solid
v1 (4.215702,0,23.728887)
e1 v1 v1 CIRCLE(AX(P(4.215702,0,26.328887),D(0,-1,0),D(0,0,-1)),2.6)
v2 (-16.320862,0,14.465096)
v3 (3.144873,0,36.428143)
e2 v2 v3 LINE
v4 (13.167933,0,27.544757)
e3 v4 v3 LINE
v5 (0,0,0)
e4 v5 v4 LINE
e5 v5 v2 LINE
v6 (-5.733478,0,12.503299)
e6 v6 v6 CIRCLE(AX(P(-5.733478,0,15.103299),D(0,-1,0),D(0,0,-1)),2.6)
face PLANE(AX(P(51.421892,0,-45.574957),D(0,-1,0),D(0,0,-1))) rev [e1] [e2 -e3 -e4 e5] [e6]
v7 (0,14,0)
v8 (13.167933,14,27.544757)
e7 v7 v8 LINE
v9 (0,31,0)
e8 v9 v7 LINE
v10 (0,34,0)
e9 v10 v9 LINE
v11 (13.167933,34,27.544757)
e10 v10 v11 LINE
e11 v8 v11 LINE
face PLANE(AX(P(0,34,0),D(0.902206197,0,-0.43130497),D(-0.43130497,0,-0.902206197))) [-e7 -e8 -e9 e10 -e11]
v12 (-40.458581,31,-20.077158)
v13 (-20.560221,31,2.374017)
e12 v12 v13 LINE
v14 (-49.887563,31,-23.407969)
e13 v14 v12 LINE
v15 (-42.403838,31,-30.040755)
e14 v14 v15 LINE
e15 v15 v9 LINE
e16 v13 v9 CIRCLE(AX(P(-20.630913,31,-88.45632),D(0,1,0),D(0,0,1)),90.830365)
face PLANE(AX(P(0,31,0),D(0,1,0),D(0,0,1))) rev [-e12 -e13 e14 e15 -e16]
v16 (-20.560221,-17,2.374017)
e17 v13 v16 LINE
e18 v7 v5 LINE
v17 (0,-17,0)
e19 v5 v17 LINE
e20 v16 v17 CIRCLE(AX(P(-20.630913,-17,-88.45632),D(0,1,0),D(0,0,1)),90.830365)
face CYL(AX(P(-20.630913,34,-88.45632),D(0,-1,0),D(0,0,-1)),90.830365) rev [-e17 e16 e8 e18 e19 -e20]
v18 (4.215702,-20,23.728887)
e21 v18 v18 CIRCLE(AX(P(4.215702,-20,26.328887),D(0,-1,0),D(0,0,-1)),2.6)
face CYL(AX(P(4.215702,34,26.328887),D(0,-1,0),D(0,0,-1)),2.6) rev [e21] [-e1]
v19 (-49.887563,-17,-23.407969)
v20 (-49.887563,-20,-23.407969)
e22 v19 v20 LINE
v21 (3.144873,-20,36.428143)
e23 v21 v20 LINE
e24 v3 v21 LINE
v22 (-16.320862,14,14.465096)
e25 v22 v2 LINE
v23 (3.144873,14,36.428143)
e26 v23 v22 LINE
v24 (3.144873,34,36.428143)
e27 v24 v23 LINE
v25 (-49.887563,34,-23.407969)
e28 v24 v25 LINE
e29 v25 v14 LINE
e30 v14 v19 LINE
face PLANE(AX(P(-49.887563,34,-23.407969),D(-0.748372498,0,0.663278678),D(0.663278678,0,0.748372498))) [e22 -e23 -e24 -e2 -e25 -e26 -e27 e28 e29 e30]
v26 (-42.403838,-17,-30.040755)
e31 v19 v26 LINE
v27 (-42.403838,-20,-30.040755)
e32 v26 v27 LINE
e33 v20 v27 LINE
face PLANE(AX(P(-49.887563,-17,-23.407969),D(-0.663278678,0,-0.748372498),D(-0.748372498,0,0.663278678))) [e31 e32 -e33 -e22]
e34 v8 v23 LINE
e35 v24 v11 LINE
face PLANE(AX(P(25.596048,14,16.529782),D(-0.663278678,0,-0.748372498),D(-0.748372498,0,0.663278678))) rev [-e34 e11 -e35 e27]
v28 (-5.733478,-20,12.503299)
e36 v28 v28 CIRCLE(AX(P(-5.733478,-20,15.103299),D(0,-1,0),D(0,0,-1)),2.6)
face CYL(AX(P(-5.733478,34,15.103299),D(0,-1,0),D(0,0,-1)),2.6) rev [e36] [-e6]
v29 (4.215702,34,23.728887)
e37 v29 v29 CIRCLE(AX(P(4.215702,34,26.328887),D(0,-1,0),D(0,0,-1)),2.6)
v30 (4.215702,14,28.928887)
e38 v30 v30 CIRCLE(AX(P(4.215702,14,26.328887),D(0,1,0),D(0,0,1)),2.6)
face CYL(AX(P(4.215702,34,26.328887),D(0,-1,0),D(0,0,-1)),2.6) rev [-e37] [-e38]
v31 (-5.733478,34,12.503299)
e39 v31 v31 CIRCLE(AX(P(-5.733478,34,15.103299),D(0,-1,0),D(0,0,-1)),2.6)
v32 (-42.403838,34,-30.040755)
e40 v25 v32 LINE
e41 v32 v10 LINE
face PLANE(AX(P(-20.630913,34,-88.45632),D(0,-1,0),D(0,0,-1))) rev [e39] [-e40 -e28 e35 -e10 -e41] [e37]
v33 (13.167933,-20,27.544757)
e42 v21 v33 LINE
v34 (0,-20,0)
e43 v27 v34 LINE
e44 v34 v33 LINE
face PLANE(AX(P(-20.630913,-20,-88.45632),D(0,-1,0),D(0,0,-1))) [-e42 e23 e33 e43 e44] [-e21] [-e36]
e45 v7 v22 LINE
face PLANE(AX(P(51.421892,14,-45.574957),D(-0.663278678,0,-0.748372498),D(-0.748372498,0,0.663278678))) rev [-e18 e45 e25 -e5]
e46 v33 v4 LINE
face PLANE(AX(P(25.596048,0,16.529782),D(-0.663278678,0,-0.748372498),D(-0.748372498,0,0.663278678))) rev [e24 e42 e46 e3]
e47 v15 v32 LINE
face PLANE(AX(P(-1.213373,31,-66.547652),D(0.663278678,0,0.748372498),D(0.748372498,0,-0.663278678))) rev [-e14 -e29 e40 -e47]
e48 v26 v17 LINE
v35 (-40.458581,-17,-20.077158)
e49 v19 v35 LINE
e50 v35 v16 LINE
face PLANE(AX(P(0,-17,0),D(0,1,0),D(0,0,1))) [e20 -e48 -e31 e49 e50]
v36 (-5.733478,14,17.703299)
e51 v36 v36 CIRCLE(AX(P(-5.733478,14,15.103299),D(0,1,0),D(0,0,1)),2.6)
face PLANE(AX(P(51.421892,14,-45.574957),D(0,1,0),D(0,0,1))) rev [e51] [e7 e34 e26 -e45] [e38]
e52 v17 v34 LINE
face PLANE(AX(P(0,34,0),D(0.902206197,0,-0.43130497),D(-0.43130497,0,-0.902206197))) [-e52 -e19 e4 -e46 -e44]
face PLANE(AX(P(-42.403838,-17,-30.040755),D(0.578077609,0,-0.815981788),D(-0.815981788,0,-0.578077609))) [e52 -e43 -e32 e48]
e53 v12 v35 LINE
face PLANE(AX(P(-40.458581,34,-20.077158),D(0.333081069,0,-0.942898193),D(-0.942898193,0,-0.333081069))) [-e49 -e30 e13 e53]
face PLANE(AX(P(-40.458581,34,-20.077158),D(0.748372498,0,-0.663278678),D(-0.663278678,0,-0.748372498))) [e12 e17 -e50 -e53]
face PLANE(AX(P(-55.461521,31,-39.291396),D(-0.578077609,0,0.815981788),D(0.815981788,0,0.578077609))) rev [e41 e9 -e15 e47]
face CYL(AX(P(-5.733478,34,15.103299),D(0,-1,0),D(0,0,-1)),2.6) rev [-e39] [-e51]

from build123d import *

# Parameters (mm, degrees)
BOSS_EXTRUDE1_DEPTH      = 14
SKETCH3_R                = 4.125
CUT_EXTRUDE1_DEPTH       = 6
SKETCH5_R                = 1.125
CUT_EXTRUDE2_DEPTH       = 15
FILLET1_R                = 1
BOSS_EXTRUDE3_DEPTH      = 20
BOSS_EXTRUDE3_DEPTH_BACK = 34
SKETCH7_W                = 46.707438453
SKETCH7_H                = 20
CUT_EXTRUDE3_DEPTH       = 30
BOSS_EXTRUDE4_DEPTH      = 3
BOSS_EXTRUDE5_START      = -54
BOSS_EXTRUDE5_DEPTH      = 3
CUT_EXTRUDE5_REACH       = 111.564
SKETCH15_W               = 26.880557743
SKETCH15_H               = 40.856784115
CUT_EXTRUDE6_REACH       = 113.249
SKETCH16_R               = 1.6
CUT_EXTRUDE7_DEPTH       = 108.082055537
CUT_EXTRUDE7_DEPTH_BACK  = 108.082055537
SKETCH19_W               = 109.652108874
SKETCH19_H               = 14
SKETCH21_W               = 96.727229551
SKETCH21_H               = 14
CUT_EXTRUDE8_DEPTH       = 79.38857666
SKETCH22_R               = 2.6
CUT_EXTRUDE9_DEPTH       = 83.047416404


with BuildPart() as part:
    # Sketch1 → Boss-Extrude1 (new body)
    with BuildSketch(Plane(origin=(0, 0, 0), x_dir=(1, 0, 0), z_dir=(0, 1, 0))):
        with BuildLine():
            Line((47.5, -78.442713945), (47.5, -38.442713945))
            ThreePointArc((47.5, -38.442713945), (23.122023742, 0), (47.5, 38.442713945))
            Line((47.5, 38.442713945), (47.5, 50))
            Line((47.5, 50), (42.5, 50))
            Line((42.5, 50), (0, 0))
            Line((0, 0), (35.1, -73.422380253))
            Line((35.1, -73.422380253), (35.1, -93.442713945))
            Line((35.1, -93.442713945), (37.5, -93.442713945))
            Line((37.5, -93.442713945), (47.5, -93.442713945))
            Line((47.5, -93.442713945), (47.5, -78.442713945))
        make_face()
    extrude(amount=BOSS_EXTRUDE1_DEPTH)

    # Sketch3 → Cut-Extrude1 (cut)
    with BuildSketch(Plane.XZ):
        with BuildLine():
            Line((33.254958794, 84.403112572), (36.18509612, 92.428977457))
            Line((36.18509612, 92.428977457), (44.88509612, 92.428977457))
            Line((44.88509612, 92.428977457), (46.13509612, 88.028977457))
            Line((46.13509612, 88.028977457), (46.13509612, 70.028977457))
            Line((46.13509612, 70.028977457), (44.820911197, 53.062159312))
            ThreePointArc((44.820911197, 53.062159312), (40.059955227, 48.679043991), (35.34566343, 53.112310791))
            Line((35.34566343, 53.112310791), (33.254958794, 84.403112572))
        make_face()
        with Locations(Location((40.08509612, 83.428977457, 0), (0, 0, 90))):
            Circle(SKETCH3_R, mode=Mode.SUBTRACT)
    extrude(amount=-CUT_EXTRUDE1_DEPTH, mode=Mode.SUBTRACT)

    # Sketch5 → Cut-Extrude2 (cut)
    with BuildSketch(Plane.XZ.offset(-6)):
        with Locations(Location((40.08509612, 63.428977457, 0), (0, 0, 270))):
            Circle(SKETCH5_R)
        with Locations(Location((40.08509612, 58.928977457, 0), (0, 0, 270))):
            Circle(SKETCH5_R)
        with Locations(Location((40.08509612, 53.428977457, 0), (0, 0, 270))):
            Circle(SKETCH5_R)
    extrude(amount=-CUT_EXTRUDE2_DEPTH, mode=Mode.SUBTRACT)

    # Fillet1
    fillet1_edges = [part.edges().sort_by_distance(p)[0] for p in [
        (21.25, 0, -25),
        (45, 0, -50),
        (47.5, 0, -44.221356973),
        (23.122023742, 14, 0),
        (23.122023742, 0, 0),
        (47.5, 0, 65.942713945),
        (47.5, 14, -44.221356973),
        (42.5, 7, -50),
        (47.5, 7, -50),
        (47.5, 7, -38.442713945),
        (47.5, 7, 38.442713945),
        (45, 14, -50),
        (21.25, 14, -25),
        (47.5, 14, 65.942713945),
    ]]
    fillet(fillet1_edges, radius=FILLET1_R)

    # Sketch6 → Boss-Extrude3 (add, two sides: drawn at the far end of the back side and taken through both)
    with BuildSketch(Plane.XZ.offset(-BOSS_EXTRUDE3_DEPTH_BACK)):
        with BuildLine():
            Line((-40.458581161, -20.077158004), (-49.887563088, -23.407968691))
            Line((-49.887563088, -23.407968691), (34.124921356, 71.382705183))
            Line((34.124921356, 71.382705183), (0, 0))
            ThreePointArc((0, 0), (-10.212270894, 1.77453397), (-20.560220827, 2.374016932))
            Line((-20.560220827, 2.374016932), (-40.458581161, -20.077158004))
        make_face()
    extrude(amount=BOSS_EXTRUDE3_DEPTH + BOSS_EXTRUDE3_DEPTH_BACK)

    # Sketch7 → Cut-Extrude3 (cut)
    with BuildSketch(Plane(origin=(-16.32086192, 0, 14.465095586), x_dir=(0.6632786778078259, 0, 0.7483724978682089), z_dir=(-0.7483724978682089, 0, 0.6632786778078259))):
        with Locations((52.701466874, 24)):
            Rectangle(SKETCH7_W, SKETCH7_H)
        with Locations((52.701466874, -10)):
            Rectangle(SKETCH7_W, SKETCH7_H)
    extrude(amount=-CUT_EXTRUDE3_DEPTH, mode=Mode.SUBTRACT)

    # Sketch10 → Boss-Extrude4 (add)
    with BuildSketch(Plane.XZ.offset(20)):
        Polygon((-49.887563088, -23.407968691), (-42.403838109, -30.040755469), (0, 0), (-16.723629197, 14.010656202), align=None)
    extrude(amount=-BOSS_EXTRUDE4_DEPTH)

    # Sketch10<2> → Boss-Extrude5 (add)
    with BuildSketch(Plane.XZ.offset(20).offset(BOSS_EXTRUDE5_START)):
        Polygon((-49.887563088, -23.407968691), (-42.403838109, -30.040755469), (0, 0), (-16.723629197, 14.010656202), align=None)
    extrude(amount=BOSS_EXTRUDE5_DEPTH)

    # Cut-Extrude5: up to this face of the body (flat: up to its plane)
    cut_extrude5_end = Plane(part.part.faces().sort_by_distance((40.08509612, 0, 83.428977457))[0])
    # Sketch15 → Cut-Extrude5 (cut, up to the picked face)
    with BuildSketch(Plane(origin=(0, 6, 0), x_dir=(-1, 0, 0), z_dir=(0, -1, 0)), mode=Mode.PRIVATE) as cut_extrude5_sk1:
        with Locations((-44.420319758, -91.811097241)):
            Rectangle(SKETCH15_W, SKETCH15_H)
    cut_extrude5_tool1 = split(extrude(cut_extrude5_sk1.sketch, amount=CUT_EXTRUDE5_REACH, mode=Mode.PRIVATE), bisect_by=cut_extrude5_end, keep=Keep.BOTH, mode=Mode.PRIVATE)
    add(cut_extrude5_tool1.solids().sort_by(Axis((44.42032, 6, 91.811097), (0, -1, 0)))[0], mode=Mode.SUBTRACT)

    # Sketch16 → Cut-Extrude6 (cut, up to next)
    with BuildSketch(Plane(origin=(0, 14, 0), x_dir=(1, 0, 0), z_dir=(0, 1, 0)), mode=Mode.PRIVATE) as cut_extrude6_sk1:
        with Locations(Location((40.08509612, -83.428977457, 0), (0, 0, 270))):
            Circle(SKETCH16_R)
    cut_extrude6_tool1 = extrude(cut_extrude6_sk1.sketch, amount=-CUT_EXTRUDE6_REACH, mode=Mode.PRIVATE) & part.part
    add(cut_extrude6_tool1.solids().sort_by_distance((40.085096, 14, 83.428977))[0], mode=Mode.SUBTRACT)

    # Sketch19 → Cut-Extrude7 (cut, two sides: drawn at the far end of the back side and taken through both)
    with BuildSketch(Plane(origin=(-16.32086192, 0, 14.465095586), x_dir=(0.6632786778078262, 0, 0.7483724978682087), z_dir=(-0.7483724978682087, 0, 0.6632786778078262)).offset(-CUT_EXTRUDE7_DEPTH_BACK)):
        with Locations((54.826054437, 7)):
            Rectangle(SKETCH19_W, SKETCH19_H)
    extrude(amount=CUT_EXTRUDE7_DEPTH + CUT_EXTRUDE7_DEPTH_BACK, mode=Mode.SUBTRACT)


with BuildPart() as cut_extrude7_piece_1:
    # of the separate pieces the step leaves, piece 1, a body of its own (cut_extrude7_pieces)
    add(part.part.solids().sort_by_distance((3.144873335, 0, 36.428142799))[0])

    # Sketch22 → Cut-Extrude9 (cut, through all)
    with BuildSketch(Plane(origin=(0, -20, 0), x_dir=(-1, 0, 0), z_dir=(0, -1, 0))):
        with Locations(Location((5.733478103, -15.103299236, 0), (0, 0, 90))):
            Circle(SKETCH22_R)
        with Locations(Location((-4.215702064, -26.328886704, 0), (0, 0, 90))):
            Circle(SKETCH22_R)
    extrude(amount=-CUT_EXTRUDE9_DEPTH, mode=Mode.SUBTRACT)


with BuildPart() as cut_extrude7_piece_2:
    # of the separate pieces the step leaves, piece 2, a body of its own (cut_extrude7_pieces)
    add(part.part.solids().sort_by_distance((46.5, 0, -41.212709721))[0])

    # Sketch21 → Cut-Extrude8 (cut, through all)
    with BuildSketch(Plane(origin=(0, 0, 0), x_dir=(-0.4313049702307203, 0, -0.902206197415135), z_dir=(0.902206197415135, 0, -0.4313049702307203))):
        with Locations((24.708571423, 7)):
            Rectangle(SKETCH21_W, SKETCH21_H)
    extrude(amount=CUT_EXTRUDE8_DEPTH, mode=Mode.SUBTRACT)


solid = cut_extrude7_piece_1.part
